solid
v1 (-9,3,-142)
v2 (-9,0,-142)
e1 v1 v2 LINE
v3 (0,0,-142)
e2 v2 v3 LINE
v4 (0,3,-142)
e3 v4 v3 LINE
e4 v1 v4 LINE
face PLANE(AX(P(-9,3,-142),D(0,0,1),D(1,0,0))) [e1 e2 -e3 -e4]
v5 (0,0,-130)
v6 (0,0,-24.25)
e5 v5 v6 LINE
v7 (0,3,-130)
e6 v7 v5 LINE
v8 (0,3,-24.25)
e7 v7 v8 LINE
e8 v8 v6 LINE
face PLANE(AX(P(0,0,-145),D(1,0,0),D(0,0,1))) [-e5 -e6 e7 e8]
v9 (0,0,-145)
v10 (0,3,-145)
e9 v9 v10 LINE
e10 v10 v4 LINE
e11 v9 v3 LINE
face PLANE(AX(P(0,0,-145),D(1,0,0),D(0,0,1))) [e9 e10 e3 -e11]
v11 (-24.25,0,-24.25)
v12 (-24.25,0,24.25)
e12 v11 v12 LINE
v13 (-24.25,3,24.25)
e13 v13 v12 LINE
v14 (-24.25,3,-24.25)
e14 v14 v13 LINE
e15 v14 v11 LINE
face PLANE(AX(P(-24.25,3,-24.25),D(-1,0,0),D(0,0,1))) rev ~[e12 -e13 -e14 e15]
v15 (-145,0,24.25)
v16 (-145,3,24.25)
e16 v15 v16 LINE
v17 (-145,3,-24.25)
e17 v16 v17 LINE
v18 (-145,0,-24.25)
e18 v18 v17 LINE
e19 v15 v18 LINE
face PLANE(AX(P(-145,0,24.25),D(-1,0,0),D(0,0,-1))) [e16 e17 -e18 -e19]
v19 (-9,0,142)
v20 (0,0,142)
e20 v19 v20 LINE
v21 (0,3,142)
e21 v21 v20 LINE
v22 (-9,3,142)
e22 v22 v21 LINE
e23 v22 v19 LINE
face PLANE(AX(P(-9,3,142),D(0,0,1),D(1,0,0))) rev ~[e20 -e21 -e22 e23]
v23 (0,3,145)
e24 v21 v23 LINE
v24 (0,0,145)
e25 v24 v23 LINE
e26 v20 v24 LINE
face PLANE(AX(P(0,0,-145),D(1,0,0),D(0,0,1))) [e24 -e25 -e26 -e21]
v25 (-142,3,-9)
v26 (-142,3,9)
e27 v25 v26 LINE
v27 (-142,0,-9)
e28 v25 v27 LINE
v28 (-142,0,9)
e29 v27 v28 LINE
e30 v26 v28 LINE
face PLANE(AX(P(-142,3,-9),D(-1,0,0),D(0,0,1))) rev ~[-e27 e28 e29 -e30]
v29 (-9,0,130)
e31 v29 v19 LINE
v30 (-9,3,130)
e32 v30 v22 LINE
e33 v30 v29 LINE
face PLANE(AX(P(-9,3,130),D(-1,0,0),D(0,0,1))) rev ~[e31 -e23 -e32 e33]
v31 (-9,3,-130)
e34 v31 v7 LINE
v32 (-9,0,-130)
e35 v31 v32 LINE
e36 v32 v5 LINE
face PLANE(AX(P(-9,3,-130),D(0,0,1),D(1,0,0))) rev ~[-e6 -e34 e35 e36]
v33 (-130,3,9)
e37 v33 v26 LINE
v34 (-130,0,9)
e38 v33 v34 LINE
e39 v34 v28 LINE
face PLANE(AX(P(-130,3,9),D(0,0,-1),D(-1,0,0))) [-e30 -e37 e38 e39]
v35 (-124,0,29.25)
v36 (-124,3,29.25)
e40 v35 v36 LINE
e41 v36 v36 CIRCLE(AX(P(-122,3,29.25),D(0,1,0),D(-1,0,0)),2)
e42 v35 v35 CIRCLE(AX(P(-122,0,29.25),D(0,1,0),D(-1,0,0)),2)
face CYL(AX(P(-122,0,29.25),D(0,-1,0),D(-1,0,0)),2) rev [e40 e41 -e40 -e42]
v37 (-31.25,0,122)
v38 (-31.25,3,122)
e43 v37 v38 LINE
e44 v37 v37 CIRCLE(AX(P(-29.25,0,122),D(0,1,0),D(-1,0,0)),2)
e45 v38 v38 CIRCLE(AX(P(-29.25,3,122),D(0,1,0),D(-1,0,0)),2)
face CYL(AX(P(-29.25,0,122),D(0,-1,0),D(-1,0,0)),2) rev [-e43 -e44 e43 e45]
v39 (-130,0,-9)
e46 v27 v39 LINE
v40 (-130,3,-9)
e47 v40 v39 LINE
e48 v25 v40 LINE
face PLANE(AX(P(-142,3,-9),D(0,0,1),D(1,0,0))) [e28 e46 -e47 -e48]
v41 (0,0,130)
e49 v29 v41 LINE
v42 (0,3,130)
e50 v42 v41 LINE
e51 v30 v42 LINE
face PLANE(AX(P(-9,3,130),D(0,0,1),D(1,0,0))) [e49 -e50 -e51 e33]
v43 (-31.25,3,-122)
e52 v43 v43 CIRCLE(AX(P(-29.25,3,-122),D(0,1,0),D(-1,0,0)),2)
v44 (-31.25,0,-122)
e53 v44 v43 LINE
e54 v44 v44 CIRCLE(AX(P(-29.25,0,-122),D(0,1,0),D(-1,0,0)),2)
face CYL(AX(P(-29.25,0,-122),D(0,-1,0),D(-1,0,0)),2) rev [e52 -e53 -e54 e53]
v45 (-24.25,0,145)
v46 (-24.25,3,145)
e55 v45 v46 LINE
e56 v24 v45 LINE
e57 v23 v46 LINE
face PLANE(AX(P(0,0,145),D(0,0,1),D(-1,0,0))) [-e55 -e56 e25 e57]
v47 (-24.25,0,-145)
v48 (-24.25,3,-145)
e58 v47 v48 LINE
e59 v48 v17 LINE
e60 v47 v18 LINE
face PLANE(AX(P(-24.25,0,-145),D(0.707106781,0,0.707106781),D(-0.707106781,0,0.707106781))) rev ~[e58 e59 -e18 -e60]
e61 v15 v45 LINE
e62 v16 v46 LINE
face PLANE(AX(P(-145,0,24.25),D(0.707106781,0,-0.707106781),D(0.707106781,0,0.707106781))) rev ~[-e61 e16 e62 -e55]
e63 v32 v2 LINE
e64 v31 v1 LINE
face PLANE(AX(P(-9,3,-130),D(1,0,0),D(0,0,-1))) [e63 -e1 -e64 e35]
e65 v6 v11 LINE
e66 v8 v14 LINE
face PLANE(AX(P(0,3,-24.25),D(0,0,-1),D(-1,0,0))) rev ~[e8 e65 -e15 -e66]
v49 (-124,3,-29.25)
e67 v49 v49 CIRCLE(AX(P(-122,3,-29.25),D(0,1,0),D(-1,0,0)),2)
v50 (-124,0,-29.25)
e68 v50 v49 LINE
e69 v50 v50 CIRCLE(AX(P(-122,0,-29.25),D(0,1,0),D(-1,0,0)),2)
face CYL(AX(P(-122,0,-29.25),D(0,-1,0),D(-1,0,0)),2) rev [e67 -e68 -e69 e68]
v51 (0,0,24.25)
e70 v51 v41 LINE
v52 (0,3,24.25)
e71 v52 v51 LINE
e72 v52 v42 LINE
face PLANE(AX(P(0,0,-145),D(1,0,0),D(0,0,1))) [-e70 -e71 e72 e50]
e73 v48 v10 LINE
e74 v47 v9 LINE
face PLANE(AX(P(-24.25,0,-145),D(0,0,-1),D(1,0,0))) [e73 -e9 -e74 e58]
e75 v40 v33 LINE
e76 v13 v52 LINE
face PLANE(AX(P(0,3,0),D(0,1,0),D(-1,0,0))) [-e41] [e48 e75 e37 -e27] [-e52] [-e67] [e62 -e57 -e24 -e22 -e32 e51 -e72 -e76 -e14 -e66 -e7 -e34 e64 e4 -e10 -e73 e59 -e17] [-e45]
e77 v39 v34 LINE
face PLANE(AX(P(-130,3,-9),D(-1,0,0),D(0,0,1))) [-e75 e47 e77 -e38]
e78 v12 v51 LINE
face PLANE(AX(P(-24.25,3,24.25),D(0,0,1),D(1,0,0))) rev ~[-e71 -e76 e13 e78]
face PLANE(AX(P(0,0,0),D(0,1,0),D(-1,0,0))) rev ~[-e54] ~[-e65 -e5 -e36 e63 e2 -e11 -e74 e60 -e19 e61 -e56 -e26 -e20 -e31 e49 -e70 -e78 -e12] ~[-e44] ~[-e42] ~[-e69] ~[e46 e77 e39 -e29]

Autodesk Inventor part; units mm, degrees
ref_plane "YZ Plane" through (0, 0, 0) normal (1, 0, 0) x (0, 1, 0)
ref_plane "XZ Plane" through (0, 0, 0) normal (0, 1, 0) x (-1, 0, 0)
ref_plane "XY Plane" through (0, 0, 0) normal (0, 0, 1) x (1, 0, 0)
sketch "Boceto1" plane through (0, 0, 0) normal (0, 1, 0) x (-1, 0, 0)
  line L0 (0, 145) -> (24.25, 145)
  line L1 (145, 24.25) -> (145, -24.25)
  line L2 (145, 24.25) -> (24.25, 145)
  line L3 (24.25, -145) -> (145, -24.25)
  line L4 (24.25, -145) -> (0, -145)
  circle A0 centre (29.25, -122) radius 2
  circle A1 centre (122, -29.25) radius 2
  circle A2 centre (122, 29.25) radius 2
  circle A3 centre (29.25, 122) radius 2
  line L5 (0, -145) -> (0, 145)
  point P0 (0, 0)
  dimension "d13" = 4
  dimension "d16" = 4
  dimension "d18" = 4
  dimension "d20" = 4
extrude "Extrusión1" add sketch "Boceto1" along normal blind 3
sketch "Boceto5" plane through (0, 3, 0) normal (0, 1, 0) x (1, 0, 0)
  line L0 (-142, 9) -> (-130, 9)
  line L1 (-130, 9) -> (-130, -9)
  line L2 (-130, -9) -> (-142, -9)
  line L3 (-9, -130) -> (-9, -142)
  line L4 (-9, 130) -> (-9, 142)
  line L5 (-142, 9) -> (-142, -9)
  line L6 (-9, -130) -> (0, -130)
  line L7 (-9, -142) -> (0, -142)
  line L8 (0, -130) -> (0, -142)
  line L9 (0, -145) -> (0, 145) projected
  line L10 (-9, 142) -> (0, 142)
  line L11 (0, 130) -> (0, 142)
  line L12 (-9, 130) -> (0, 130)
extrude "Extrusión5" cut sketch "Boceto5" against normal blind 3
sketch "Boceto8" plane through (0, 3, 0) normal (0, 1, 0) x (1, 0, 0)
  line L0 (0, 24.25) -> (-24.25, 24.25)
  line L1 (0, -24.25) -> (0, 24.25)
  line L2 (-24.25, 24.25) -> (-24.25, -24.25)
  line L3 (-24.25, -24.25) -> (0, -24.25)
extrude "Extrusión8" cut sketch "Boceto8" against normal blind 3
properties part number "_3DPrint"
